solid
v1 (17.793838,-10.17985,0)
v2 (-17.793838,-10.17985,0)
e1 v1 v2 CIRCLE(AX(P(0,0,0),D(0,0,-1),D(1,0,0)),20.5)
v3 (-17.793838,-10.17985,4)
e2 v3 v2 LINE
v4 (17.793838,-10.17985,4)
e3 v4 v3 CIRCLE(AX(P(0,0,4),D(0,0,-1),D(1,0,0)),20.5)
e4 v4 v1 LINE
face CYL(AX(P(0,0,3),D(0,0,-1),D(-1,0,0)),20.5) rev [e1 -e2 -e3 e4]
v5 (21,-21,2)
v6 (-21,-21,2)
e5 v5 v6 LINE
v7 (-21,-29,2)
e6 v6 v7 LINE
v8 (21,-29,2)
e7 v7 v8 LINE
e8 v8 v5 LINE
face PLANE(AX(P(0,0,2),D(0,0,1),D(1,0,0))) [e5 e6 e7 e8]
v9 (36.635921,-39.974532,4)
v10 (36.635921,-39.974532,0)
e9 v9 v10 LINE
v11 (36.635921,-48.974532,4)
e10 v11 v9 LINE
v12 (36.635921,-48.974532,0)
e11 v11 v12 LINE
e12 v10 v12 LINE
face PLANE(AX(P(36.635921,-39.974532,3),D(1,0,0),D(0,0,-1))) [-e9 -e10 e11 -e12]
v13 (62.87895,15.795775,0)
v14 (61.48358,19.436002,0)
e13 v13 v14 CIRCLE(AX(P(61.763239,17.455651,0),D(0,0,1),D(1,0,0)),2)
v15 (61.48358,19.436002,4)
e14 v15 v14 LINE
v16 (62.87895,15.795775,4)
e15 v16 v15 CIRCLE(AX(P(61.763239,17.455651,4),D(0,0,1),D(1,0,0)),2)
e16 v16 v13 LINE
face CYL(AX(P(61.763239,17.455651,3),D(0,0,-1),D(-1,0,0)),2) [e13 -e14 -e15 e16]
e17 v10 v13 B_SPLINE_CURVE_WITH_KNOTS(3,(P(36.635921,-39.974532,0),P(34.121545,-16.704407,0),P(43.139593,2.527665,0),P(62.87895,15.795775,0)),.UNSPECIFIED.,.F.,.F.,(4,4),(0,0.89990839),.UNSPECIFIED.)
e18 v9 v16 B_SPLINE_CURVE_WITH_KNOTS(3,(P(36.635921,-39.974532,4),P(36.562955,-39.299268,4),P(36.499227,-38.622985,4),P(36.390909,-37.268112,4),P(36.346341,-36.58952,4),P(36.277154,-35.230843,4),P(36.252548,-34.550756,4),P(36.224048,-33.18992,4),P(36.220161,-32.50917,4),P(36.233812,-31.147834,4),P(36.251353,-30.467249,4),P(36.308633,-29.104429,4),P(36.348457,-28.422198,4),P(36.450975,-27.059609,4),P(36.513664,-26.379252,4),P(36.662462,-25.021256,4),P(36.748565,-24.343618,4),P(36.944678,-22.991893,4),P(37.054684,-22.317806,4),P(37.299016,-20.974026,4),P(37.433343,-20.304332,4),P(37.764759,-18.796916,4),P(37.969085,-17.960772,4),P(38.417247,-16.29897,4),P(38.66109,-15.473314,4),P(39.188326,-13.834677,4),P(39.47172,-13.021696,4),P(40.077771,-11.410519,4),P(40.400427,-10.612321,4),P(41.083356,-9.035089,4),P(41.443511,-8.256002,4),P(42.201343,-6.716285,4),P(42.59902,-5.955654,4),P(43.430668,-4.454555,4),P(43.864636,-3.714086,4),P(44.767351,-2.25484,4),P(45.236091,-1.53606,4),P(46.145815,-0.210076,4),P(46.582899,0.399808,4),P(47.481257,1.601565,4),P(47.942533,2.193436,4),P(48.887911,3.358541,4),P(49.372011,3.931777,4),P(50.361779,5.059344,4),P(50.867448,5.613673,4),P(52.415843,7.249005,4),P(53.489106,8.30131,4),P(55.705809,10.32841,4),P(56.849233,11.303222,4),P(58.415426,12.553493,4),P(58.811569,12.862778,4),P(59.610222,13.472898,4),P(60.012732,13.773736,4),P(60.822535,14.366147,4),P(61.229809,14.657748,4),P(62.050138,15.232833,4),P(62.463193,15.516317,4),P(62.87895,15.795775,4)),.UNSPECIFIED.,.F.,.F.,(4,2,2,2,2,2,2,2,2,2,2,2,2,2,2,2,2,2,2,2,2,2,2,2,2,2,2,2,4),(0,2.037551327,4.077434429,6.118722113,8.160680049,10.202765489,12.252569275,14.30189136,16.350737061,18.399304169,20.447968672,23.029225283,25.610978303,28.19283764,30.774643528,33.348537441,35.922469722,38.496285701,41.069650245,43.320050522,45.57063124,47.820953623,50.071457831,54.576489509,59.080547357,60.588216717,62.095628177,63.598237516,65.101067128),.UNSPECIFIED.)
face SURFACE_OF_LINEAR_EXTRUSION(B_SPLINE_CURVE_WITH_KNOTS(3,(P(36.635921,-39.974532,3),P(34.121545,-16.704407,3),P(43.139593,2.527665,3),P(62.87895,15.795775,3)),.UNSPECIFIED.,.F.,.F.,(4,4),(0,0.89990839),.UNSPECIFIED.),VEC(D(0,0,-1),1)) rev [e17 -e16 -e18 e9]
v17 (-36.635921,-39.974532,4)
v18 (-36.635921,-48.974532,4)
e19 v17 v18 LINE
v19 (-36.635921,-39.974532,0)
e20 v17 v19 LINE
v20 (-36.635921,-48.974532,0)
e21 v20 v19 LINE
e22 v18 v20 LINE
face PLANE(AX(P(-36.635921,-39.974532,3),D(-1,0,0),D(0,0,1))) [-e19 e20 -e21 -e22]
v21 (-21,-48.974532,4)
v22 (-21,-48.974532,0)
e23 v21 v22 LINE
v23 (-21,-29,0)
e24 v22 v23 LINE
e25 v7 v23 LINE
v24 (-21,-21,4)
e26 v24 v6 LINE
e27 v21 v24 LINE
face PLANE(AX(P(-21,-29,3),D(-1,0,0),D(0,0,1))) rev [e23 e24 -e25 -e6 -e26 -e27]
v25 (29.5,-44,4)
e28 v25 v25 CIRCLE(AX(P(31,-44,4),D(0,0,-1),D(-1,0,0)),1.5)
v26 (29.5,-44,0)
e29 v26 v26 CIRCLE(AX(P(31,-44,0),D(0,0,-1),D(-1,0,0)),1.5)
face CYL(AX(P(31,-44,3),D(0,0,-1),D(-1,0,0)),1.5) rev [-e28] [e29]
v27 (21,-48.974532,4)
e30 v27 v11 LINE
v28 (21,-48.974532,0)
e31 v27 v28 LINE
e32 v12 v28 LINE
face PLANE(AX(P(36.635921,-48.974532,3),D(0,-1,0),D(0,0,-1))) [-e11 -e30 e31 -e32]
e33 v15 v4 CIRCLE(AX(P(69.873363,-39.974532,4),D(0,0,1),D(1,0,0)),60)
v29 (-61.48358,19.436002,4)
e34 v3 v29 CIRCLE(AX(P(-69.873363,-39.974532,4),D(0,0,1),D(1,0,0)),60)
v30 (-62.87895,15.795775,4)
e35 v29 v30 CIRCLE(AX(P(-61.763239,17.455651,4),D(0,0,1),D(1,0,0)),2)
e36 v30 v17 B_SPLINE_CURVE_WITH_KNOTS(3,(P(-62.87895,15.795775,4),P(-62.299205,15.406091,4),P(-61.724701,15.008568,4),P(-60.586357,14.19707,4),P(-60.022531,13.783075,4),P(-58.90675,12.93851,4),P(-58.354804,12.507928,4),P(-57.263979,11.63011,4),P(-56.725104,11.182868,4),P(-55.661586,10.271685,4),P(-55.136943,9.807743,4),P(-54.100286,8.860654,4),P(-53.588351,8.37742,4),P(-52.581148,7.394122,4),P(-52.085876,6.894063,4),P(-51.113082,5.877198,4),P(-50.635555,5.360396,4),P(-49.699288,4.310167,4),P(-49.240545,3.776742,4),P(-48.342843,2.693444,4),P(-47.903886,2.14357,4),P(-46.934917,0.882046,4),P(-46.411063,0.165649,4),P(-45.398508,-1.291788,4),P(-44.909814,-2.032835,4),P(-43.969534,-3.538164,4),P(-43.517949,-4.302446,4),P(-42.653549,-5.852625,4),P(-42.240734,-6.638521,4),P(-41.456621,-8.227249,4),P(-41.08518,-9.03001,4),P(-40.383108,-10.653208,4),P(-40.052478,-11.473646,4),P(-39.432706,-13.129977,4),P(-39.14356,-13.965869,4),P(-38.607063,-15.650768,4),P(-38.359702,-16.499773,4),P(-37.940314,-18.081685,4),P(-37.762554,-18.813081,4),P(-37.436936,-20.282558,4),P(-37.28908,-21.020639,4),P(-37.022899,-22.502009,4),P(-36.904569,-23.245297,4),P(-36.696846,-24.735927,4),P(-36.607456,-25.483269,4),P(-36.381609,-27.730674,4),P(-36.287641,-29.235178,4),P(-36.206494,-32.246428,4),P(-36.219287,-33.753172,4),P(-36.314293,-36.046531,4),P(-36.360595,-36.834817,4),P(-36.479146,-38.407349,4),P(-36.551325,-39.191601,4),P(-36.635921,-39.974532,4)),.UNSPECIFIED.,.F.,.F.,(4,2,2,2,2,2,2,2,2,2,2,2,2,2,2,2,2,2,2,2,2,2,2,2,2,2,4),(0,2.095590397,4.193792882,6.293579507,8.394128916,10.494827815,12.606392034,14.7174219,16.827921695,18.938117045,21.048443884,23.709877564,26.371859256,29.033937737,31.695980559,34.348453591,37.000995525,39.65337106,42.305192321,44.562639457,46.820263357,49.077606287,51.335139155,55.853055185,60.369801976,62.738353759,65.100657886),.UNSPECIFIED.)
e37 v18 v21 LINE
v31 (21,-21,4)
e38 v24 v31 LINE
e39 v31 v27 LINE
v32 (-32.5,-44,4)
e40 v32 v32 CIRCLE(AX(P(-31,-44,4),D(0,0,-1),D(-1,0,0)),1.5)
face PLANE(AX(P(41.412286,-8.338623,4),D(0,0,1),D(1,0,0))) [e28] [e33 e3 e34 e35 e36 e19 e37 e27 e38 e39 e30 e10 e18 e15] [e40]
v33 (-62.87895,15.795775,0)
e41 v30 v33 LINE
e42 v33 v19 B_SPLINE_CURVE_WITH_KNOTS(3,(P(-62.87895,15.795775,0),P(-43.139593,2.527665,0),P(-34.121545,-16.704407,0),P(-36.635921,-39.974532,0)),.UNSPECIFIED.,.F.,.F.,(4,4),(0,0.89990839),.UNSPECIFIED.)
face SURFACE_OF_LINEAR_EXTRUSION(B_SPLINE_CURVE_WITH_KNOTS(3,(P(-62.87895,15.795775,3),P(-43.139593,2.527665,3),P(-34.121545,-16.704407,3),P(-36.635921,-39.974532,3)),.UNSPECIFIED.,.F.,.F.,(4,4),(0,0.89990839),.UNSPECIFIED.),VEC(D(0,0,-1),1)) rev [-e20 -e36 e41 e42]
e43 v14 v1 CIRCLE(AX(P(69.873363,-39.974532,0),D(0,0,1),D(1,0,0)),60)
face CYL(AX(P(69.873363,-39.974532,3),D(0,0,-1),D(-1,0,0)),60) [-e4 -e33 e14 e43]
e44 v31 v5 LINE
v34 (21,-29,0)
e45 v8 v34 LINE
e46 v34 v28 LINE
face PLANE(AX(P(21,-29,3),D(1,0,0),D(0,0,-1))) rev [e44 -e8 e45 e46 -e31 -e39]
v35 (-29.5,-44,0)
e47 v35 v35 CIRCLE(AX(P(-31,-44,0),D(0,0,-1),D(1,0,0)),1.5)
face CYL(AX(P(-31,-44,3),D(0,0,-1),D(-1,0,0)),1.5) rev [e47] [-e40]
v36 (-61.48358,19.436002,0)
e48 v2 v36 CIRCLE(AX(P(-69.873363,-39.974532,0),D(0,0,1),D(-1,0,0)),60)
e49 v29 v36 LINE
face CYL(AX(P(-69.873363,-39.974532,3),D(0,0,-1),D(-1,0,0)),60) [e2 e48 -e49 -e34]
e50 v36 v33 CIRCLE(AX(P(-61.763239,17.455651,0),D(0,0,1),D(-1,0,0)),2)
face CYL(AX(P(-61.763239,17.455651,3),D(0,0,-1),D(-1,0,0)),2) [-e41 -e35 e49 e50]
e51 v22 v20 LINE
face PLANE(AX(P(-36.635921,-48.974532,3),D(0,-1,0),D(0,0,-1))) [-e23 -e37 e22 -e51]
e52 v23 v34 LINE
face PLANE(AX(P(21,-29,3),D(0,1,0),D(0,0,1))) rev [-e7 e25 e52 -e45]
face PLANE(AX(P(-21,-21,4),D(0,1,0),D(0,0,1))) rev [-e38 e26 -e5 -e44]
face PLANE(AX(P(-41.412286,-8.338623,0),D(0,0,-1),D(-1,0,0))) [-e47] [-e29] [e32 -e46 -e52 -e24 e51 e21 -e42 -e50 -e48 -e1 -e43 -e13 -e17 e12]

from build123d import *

# Parameters (mm, degrees)
EXTRUDE_1_DEPTH     = 3
SKETCH_2_W          = 42
SKETCH_2_H          = 10.974531836
CUT_EXTRUDE_1_DEPTH = 3
SKETCH_3_W          = 15.635920588
SKETCH_3_H          = 9
SKETCH_3_R          = 1.5
EXTRUDE_2_DEPTH     = 3
EXTRUDE_7_DEPTH     = 1
SKETCH_5_W          = 42
SKETCH_5_H          = 8
CUT_EXTRUDE_2_DEPTH = 1
SKETCH_6_R          = 1.5
CUT_EXTRUDE_3_DEPTH = 1


with BuildPart() as part:
    # 草图1 → 凸台-拉伸1 (new body)
    with BuildSketch(Plane.XY):
        with BuildLine():
            Line((36.635920588, -39.974531836), (-36.635920588, -39.974531836))
            add(Edge.make_bspline(
                [(-36.635920588, -39.974531836), (-34.121545097, -16.704406605), (-43.139592985, 2.527664637), (-62.878950173, 15.795774826)],
                knots=[0, 0, 0, 0, 0.89990839, 0.89990839, 0.89990839, 0.89990839], degree=3))
            ThreePointArc((-62.878950173, 15.795774826), (-63.630739893, 18.171500647), (-61.483579663, 19.436002094))
            ThreePointArc((-61.483579663, 19.436002094), (-36.207222823, 9.690254792), (-17.793837687, -10.179849722))
            ThreePointArc((-17.793837687, -10.179849722), (0, -20.5), (17.793837687, -10.179849722))
            ThreePointArc((17.793837687, -10.179849722), (36.207222823, 9.690254792), (61.483579663, 19.436002094))
            ThreePointArc((61.483579663, 19.436002094), (63.630739893, 18.171500647), (62.878950173, 15.795774826))
            add(Edge.make_bspline(
                [(36.635920588, -39.974531836), (34.121545097, -16.704406605), (43.139592985, 2.527664637), (62.878950173, 15.795774826)],
                knots=[0, 0, 0, 0, 0.89990839, 0.89990839, 0.89990839, 0.89990839], degree=3))
        make_face()
    extrude(amount=EXTRUDE_1_DEPTH)

    # 草图2 → 切除-拉伸1 (cut)
    with BuildSketch(Plane(origin=(0, 0, 0), x_dir=(-1, 0, 0), z_dir=(0, 0, -1))):
        with Locations((0, -34.487265918)):
            Rectangle(SKETCH_2_W, SKETCH_2_H)
    extrude(amount=-CUT_EXTRUDE_1_DEPTH, mode=Mode.SUBTRACT)

    # 草图3 → 凸台-拉伸2 (add)
    # profile 1 of 2: a face of its own
    with BuildSketch(Plane(origin=(0, 0, 0), x_dir=(-1, 0, 0), z_dir=(0, 0, -1))):
        with Locations((-28.817960294, -44.474531836)):
            Rectangle(SKETCH_3_W, SKETCH_3_H)
        with Locations((-31, -44)):
            Circle(SKETCH_3_R, mode=Mode.SUBTRACT)
    # profile 2 of 2: a face of its own
    with BuildSketch(Plane(origin=(0, 0, 0), x_dir=(-1, 0, 0), z_dir=(0, 0, -1))):
        with Locations((28.817960294, -44.474531836)):
            Rectangle(SKETCH_3_W, SKETCH_3_H)
        with Locations(Location((31, -44, 0), (0, 0, 180))):
            Circle(SKETCH_3_R, mode=Mode.SUBTRACT)
    extrude(amount=-EXTRUDE_2_DEPTH)

    # 草图4 → 凸台-拉伸7 (add)
    with BuildSketch(Plane.XY.offset(3)):
        with BuildLine():
            Line((-21, -29), (-21, -21))
            Line((-21, -21), (21, -21))
            Line((21, -21), (21, -29))
            Line((21, -29), (21, -48.974531836))
            Line((21, -48.974531836), (36.635920588, -48.974531836))
            Line((36.635920588, -48.974531836), (36.635920588, -39.974531836))
            add(Edge.make_bspline(
                [(36.635920588, -39.974531836), (34.121545097, -16.704406605), (43.139592985, 2.527664637), (62.878950173, 15.795774826)],
                knots=[0, 0, 0, 0, 0.89990839, 0.89990839, 0.89990839, 0.89990839], degree=3))
            ThreePointArc((62.878950173, 15.795774826), (63.630739893, 18.171500647), (61.483579663, 19.436002094))
            ThreePointArc((61.483579663, 19.436002094), (36.207222823, 9.690254792), (17.793837687, -10.179849722))
            ThreePointArc((17.793837687, -10.179849722), (0, -20.5), (-17.793837687, -10.179849722))
            ThreePointArc((-17.793837687, -10.179849722), (-36.207222823, 9.690254792), (-61.483579663, 19.436002094))
            ThreePointArc((-61.483579663, 19.436002094), (-63.630739893, 18.171500647), (-62.878950173, 15.795774826))
            add(Edge.make_bspline(
                [(-62.878950173, 15.795774826), (-43.139592985, 2.527664637), (-34.121545097, -16.704406605), (-36.635920588, -39.974531836)],
                knots=[0, 0, 0, 0, 0.89990839, 0.89990839, 0.89990839, 0.89990839], degree=3))
            Line((-36.635920588, -39.974531836), (-36.635920588, -48.974531836))
            Line((-36.635920588, -48.974531836), (-21, -48.974531836))
            Line((-21, -48.974531836), (-21, -29))
        make_face()
    extrude(amount=EXTRUDE_7_DEPTH)

    # 草图5 → 切除-拉伸2 (cut)
    with BuildSketch(Plane.XY.offset(3)):
        with Locations((0, -25)):
            Rectangle(SKETCH_5_W, SKETCH_5_H)
    extrude(amount=-CUT_EXTRUDE_2_DEPTH, mode=Mode.SUBTRACT)

    # 草图6 → 切除-拉伸3 (cut)
    with BuildSketch(Plane(origin=(0, 0, 3), x_dir=(-1, 0, 0), z_dir=(0, 0, -1))):
        with Locations((-31, -44)):
            Circle(SKETCH_6_R)
        with Locations((31, -44)):
            Circle(SKETCH_6_R)
    extrude(amount=-CUT_EXTRUDE_3_DEPTH, mode=Mode.SUBTRACT)


solid = part.part
